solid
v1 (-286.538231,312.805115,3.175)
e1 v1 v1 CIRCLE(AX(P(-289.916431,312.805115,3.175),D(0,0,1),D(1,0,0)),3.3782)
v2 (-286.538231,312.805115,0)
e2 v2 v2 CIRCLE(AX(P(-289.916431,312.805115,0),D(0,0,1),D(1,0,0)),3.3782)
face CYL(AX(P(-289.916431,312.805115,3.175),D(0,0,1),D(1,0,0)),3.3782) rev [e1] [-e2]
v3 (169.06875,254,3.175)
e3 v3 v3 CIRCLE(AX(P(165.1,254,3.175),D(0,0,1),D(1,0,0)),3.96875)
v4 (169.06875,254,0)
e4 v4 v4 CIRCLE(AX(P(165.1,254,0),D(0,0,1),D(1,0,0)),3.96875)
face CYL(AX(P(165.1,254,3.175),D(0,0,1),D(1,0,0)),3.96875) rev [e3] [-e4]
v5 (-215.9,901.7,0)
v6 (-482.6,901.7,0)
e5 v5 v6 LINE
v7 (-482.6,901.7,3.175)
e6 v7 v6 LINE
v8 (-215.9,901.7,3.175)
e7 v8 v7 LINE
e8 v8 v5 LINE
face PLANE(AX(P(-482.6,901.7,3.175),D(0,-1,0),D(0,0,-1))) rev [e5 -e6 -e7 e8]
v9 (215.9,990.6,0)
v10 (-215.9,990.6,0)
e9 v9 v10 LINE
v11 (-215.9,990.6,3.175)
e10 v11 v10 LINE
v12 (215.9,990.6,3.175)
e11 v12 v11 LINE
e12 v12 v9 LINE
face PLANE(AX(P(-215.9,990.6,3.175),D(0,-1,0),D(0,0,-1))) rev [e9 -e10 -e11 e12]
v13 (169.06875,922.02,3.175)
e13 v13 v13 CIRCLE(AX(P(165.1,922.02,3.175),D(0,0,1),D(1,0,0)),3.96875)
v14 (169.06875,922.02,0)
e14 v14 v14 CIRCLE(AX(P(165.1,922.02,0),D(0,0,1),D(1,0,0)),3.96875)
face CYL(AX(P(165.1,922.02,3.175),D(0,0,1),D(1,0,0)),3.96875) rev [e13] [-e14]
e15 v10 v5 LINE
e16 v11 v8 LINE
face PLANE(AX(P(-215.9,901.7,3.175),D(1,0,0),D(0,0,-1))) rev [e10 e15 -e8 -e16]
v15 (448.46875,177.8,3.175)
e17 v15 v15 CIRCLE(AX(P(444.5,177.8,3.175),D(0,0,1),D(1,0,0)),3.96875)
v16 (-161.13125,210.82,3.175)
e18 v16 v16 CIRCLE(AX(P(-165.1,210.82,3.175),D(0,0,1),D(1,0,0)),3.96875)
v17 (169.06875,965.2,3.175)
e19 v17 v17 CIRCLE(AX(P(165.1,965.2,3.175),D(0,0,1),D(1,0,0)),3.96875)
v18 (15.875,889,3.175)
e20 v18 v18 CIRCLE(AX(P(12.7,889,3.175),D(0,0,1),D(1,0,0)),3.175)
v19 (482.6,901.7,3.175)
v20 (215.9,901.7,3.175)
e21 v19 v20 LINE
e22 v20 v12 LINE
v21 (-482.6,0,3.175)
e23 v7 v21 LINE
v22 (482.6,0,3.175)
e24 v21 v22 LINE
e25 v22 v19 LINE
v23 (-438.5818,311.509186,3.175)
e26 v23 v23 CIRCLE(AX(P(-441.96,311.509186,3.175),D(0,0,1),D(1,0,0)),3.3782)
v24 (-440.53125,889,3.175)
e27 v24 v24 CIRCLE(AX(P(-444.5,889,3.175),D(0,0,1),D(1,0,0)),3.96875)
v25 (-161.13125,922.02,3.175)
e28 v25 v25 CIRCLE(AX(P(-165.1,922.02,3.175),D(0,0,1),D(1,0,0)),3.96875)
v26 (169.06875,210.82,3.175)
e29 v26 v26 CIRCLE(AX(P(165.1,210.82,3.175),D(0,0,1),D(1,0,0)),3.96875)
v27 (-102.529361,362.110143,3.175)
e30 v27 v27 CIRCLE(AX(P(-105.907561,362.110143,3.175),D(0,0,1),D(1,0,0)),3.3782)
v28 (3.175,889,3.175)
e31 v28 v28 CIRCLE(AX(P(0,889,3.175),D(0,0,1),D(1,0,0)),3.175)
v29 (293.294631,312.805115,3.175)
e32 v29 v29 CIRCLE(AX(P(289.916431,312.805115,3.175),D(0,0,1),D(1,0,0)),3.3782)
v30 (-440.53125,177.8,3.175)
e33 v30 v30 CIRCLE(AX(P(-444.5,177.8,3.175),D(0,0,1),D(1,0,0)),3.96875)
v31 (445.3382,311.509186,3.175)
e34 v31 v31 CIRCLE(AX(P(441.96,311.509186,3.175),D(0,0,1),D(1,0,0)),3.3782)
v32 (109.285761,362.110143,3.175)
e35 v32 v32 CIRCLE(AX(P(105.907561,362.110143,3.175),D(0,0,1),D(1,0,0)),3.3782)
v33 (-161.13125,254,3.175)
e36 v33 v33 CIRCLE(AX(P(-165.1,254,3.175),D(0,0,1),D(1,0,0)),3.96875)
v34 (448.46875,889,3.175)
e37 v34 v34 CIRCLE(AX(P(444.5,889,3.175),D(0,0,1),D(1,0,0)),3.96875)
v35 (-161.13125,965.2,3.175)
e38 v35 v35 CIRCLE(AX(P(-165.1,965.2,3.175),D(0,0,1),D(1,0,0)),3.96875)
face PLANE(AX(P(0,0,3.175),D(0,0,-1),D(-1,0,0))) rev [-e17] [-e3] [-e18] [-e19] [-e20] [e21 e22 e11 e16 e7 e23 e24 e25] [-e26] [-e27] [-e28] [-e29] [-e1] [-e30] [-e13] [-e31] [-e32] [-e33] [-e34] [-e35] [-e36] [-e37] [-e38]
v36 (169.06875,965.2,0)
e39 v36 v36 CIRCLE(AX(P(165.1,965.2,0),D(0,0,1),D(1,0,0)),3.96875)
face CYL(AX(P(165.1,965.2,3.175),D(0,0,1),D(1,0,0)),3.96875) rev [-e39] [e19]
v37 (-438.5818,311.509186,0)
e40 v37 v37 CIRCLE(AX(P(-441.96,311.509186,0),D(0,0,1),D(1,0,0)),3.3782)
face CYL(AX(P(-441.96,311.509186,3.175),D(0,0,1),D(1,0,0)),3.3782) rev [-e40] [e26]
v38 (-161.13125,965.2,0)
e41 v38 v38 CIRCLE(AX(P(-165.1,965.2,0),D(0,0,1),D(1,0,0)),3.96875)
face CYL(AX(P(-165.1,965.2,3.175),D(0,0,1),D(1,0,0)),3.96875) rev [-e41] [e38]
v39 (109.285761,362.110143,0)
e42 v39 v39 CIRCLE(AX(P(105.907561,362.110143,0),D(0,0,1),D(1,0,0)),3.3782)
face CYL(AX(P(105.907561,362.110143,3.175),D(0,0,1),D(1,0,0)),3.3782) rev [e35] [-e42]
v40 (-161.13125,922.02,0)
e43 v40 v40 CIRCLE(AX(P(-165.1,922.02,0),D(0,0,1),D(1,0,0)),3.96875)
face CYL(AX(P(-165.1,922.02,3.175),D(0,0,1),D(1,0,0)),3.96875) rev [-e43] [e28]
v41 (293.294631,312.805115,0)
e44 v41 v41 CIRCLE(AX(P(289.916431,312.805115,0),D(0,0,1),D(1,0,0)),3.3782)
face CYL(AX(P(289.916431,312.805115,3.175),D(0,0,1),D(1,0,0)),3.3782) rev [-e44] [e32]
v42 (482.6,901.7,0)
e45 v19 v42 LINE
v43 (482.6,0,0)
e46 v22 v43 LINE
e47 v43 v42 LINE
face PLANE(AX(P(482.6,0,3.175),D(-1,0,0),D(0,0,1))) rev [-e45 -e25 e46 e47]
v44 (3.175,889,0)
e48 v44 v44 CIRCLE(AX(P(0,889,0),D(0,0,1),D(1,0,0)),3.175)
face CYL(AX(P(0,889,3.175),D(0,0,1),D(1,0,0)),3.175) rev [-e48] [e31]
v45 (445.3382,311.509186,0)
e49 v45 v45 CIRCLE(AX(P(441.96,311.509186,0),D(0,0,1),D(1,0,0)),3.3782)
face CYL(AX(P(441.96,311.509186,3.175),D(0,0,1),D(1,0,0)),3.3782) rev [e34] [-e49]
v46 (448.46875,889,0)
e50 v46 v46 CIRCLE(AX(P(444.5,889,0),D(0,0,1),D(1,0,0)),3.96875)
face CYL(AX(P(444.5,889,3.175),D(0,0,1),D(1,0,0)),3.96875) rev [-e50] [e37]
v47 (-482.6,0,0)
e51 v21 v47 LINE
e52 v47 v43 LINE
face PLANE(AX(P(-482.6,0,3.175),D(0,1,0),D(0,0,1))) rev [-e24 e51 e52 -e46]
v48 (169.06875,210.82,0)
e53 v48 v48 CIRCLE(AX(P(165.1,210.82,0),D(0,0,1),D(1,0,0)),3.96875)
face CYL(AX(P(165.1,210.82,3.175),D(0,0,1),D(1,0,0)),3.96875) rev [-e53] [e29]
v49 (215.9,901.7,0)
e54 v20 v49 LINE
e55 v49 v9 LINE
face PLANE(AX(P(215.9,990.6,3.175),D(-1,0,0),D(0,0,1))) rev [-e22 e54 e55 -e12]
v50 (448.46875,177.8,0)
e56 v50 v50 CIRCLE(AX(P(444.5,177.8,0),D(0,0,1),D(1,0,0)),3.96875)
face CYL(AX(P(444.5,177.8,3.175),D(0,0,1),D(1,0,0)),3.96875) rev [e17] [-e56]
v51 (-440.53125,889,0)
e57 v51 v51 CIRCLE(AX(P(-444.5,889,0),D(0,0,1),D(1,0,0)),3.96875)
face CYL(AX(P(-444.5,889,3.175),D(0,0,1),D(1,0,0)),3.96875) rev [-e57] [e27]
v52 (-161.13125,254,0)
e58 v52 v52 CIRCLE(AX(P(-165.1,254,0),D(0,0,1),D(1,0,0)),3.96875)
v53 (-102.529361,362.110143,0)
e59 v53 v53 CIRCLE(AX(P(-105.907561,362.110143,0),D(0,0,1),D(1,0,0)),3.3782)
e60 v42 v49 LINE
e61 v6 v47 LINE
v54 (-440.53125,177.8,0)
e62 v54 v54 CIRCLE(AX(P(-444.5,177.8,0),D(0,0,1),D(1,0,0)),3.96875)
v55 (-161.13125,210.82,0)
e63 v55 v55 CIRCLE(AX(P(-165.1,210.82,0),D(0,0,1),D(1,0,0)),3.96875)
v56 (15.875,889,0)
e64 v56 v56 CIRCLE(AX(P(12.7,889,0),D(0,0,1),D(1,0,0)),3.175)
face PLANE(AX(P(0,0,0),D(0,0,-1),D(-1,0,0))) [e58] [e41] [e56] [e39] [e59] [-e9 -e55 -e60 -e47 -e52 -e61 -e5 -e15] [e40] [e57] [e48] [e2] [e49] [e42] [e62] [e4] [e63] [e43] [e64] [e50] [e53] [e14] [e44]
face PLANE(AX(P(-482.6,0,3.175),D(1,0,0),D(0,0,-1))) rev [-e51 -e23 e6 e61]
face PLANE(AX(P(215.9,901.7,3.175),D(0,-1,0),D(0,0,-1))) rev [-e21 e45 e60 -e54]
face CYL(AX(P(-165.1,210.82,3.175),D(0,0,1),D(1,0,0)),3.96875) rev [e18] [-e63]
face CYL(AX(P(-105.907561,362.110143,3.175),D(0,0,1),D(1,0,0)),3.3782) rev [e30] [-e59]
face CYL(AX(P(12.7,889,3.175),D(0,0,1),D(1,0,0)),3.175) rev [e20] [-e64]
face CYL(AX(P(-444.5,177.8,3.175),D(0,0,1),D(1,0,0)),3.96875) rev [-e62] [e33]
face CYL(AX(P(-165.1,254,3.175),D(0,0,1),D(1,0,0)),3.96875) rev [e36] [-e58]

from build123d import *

# Parameters (mm, degrees)
BOSS_EXTRUDE1_DEPTH            = 3.175
F_1_4_CLEARANCE_HOLE1_D        = 6.7564
F_5_16_0_3125_DIAMETER_HOLE1_D = 7.9375
F_1_4_0_25_DIAMETER_HOLE1_D    = 6.35


with BuildPart() as part:
    # Sketch2 → Boss-Extrude1 (new body)
    with BuildSketch(Plane.XY):
        Polygon((-482.6, 901.7), (-215.9, 901.7), (-215.9, 990.6), (215.9, 990.6), (215.9, 901.7), (482.6, 901.7), (482.6, 0), (-482.6, 0), align=None)
    extrude(amount=BOSS_EXTRUDE1_DEPTH)

    # 1/4 Clearance Hole1 (through all)
    with Locations(Plane.XY.offset(3.175)):
        with Locations((-441.96, 311.50918615), (105.907561142, 362.110143283), (289.91643105, 312.805115191), (-289.91643105, 312.805115191), (-105.907561142, 362.110143283), (441.96, 311.50918615)):
            Hole(F_1_4_CLEARANCE_HOLE1_D / 2)

    # 5/16 (0.3125) Diameter Hole1 (through all)
    with Locations(Plane.XY.offset(3.175)):
        with Locations((-165.1, 922.02), (-165.1, 965.2), (165.1, 965.2), (165.1, 922.02), (-165.1, 210.82), (-165.1, 254), (165.1, 254), (165.1, 210.82), (-444.5, 177.8), (444.5, 177.8), (-444.5, 889), (444.5, 889)):
            Hole(F_5_16_0_3125_DIAMETER_HOLE1_D / 2)

    # 1/4 (0.25) Diameter Hole1 (through all)
    with Locations(Plane.XY.offset(3.175)):
        with Locations((0, 889), (12.7, 889)):
            Hole(F_1_4_0_25_DIAMETER_HOLE1_D / 2)


solid = part.part
